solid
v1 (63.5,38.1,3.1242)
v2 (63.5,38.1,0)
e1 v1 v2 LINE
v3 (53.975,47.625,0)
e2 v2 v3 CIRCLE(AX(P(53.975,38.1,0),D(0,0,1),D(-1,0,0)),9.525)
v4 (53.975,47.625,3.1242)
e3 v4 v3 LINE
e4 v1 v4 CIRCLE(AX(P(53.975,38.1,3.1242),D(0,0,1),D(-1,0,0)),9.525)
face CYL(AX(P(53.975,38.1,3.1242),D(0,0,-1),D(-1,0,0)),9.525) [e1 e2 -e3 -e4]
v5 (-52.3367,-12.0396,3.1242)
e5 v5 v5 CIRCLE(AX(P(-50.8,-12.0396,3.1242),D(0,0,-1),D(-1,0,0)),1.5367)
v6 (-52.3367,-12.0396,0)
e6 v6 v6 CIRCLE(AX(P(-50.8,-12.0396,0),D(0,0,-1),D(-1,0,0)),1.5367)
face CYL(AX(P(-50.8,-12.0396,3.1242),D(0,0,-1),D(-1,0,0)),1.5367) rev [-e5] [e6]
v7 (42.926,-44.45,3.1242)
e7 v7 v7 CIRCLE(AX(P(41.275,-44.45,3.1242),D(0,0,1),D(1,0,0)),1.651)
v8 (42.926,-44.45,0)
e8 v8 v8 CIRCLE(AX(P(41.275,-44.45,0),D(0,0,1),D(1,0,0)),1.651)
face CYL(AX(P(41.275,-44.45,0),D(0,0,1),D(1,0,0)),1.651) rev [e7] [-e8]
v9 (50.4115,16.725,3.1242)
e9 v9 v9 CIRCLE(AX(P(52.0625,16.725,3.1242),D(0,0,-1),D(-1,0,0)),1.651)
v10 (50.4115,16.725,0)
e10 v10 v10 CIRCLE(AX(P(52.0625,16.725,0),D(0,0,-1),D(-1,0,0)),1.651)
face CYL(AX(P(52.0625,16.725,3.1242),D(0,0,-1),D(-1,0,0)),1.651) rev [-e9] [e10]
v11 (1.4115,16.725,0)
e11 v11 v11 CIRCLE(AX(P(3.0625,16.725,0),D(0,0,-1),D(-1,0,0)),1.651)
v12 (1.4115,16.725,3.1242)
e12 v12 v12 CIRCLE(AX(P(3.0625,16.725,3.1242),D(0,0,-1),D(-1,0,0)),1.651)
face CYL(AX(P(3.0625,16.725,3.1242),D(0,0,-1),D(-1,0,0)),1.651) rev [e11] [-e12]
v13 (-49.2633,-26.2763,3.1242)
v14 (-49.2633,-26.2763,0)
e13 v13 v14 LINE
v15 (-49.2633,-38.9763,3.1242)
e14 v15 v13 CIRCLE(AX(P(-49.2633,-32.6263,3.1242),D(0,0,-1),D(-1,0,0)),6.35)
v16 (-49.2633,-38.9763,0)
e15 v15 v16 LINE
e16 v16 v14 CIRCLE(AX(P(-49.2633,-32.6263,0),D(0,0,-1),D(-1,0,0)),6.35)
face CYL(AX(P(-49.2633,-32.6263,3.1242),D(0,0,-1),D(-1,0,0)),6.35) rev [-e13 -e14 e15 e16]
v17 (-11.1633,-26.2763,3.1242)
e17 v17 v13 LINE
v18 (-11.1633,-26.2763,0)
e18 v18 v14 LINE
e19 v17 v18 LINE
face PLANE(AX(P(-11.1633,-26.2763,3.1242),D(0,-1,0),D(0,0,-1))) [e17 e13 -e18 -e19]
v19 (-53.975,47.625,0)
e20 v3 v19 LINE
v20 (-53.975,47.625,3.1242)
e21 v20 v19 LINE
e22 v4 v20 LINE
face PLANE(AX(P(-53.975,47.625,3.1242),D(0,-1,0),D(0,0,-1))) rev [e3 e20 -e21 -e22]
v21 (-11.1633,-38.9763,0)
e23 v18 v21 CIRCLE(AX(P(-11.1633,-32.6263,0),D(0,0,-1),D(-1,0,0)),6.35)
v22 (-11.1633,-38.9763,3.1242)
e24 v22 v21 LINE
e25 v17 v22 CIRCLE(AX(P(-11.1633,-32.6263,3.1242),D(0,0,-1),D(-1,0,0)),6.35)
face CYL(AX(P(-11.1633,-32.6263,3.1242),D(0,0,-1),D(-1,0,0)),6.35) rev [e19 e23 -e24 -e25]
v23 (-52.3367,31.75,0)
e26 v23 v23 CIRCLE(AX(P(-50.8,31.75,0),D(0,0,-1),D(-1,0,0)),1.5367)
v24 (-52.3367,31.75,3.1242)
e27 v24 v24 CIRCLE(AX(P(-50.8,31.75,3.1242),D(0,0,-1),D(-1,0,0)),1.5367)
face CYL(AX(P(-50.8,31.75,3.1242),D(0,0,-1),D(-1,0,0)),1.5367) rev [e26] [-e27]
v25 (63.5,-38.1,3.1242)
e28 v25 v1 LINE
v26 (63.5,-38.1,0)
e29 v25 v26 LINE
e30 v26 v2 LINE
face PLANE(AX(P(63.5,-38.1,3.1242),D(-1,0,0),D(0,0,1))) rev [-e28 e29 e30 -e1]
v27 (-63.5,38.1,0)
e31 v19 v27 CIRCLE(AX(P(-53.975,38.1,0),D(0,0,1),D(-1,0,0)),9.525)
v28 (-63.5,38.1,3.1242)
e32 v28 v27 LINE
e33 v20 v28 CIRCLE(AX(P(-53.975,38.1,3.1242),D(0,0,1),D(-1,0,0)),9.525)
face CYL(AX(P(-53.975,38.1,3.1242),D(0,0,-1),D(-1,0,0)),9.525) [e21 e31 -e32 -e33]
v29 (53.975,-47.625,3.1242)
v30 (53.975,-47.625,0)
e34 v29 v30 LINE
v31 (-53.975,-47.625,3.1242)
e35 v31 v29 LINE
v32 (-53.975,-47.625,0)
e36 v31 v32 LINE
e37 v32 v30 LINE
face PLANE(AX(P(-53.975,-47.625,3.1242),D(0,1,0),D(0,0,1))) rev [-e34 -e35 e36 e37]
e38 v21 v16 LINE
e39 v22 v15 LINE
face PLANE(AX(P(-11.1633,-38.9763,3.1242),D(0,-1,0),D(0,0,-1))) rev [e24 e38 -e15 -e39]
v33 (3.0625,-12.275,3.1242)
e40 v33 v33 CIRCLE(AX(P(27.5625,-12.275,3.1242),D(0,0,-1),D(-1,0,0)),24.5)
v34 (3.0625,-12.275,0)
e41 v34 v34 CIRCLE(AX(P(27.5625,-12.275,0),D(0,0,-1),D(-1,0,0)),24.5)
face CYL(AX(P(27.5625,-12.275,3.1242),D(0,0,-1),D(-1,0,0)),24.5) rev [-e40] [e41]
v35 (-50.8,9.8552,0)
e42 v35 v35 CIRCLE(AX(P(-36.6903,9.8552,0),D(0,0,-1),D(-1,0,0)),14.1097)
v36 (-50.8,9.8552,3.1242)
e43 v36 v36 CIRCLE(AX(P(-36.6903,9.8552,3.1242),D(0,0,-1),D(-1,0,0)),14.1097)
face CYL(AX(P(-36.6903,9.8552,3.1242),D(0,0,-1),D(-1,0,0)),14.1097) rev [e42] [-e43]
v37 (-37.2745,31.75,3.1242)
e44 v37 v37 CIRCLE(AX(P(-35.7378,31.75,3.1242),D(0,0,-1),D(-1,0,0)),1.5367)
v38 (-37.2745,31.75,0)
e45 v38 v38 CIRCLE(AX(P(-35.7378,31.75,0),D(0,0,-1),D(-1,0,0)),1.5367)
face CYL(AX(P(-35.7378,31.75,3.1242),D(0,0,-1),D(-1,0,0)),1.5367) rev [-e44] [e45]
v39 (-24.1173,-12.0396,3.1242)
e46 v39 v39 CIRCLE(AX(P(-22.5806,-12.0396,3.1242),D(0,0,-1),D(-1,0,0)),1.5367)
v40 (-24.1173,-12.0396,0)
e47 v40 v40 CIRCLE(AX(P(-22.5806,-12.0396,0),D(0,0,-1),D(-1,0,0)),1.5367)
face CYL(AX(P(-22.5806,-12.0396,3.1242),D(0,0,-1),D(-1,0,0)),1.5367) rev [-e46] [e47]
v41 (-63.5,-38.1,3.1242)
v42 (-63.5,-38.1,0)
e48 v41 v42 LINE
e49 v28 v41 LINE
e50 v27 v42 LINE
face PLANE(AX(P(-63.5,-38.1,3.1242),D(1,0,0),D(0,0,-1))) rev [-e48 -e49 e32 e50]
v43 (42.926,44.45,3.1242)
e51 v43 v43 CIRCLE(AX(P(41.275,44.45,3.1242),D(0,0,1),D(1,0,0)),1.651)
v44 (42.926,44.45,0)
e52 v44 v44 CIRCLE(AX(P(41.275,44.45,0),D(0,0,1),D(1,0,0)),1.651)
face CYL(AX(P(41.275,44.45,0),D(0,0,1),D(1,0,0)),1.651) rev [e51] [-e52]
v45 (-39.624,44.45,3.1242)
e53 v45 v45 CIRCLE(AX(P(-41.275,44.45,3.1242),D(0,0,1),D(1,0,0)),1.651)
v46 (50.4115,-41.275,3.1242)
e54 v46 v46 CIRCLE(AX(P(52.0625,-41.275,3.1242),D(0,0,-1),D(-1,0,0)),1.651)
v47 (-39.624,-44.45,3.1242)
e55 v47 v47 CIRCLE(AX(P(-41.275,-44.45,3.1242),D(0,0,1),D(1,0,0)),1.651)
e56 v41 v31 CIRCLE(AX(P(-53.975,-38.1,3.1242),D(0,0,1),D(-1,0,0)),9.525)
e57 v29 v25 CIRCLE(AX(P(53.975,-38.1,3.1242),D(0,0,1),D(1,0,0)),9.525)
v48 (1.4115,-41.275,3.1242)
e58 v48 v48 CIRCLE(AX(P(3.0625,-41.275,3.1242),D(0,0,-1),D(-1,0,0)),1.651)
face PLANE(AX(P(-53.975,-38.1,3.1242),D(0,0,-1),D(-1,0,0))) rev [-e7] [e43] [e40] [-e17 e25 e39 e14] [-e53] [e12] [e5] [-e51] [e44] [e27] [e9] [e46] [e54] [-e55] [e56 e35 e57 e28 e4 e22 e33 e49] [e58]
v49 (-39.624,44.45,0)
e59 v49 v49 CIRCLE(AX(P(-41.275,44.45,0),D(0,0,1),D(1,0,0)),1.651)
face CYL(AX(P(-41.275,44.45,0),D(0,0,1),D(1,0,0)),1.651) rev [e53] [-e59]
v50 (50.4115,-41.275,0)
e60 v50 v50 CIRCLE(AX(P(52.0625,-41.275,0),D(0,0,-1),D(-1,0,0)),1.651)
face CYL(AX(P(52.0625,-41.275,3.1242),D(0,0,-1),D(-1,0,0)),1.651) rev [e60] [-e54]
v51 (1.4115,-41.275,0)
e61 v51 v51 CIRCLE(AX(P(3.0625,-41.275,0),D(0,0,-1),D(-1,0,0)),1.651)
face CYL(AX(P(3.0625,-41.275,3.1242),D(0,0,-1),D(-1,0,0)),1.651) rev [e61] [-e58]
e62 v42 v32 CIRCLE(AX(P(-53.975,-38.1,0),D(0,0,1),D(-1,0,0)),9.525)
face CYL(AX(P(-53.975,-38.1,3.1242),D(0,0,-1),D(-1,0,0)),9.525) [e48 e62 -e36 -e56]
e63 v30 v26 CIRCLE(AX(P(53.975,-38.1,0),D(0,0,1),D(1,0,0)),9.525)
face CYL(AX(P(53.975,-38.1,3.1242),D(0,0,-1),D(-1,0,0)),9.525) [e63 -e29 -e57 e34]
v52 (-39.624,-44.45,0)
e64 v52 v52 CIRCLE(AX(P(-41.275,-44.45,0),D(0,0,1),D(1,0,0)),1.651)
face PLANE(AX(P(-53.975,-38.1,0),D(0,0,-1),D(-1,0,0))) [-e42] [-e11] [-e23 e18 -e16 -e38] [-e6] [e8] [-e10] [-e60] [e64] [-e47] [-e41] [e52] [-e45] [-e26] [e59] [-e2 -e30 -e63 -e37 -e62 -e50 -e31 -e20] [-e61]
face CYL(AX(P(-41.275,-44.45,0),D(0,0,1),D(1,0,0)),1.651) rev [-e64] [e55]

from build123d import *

# Parameters (mm, degrees)
SALIENTE_EXTRUIR1_DEPTH = 3.1242
CROQUIS2_R              = 1.651
CORTAR_EXTRUIR1_DEPTH   = 4.1242
CROQUIS3_R              = 1.651
CORTAR_EXTRUIR2_DEPTH   = 3.1242
CROQUIS4_R              = 14.1097
CROQUIS4_R_2            = 1.5367
CORTAR_EXTRUIR3_DEPTH   = 4.1242


with BuildPart() as part:
    # Croquis1 → Saliente-Extruir1 (new body)
    with BuildSketch(Plane.XY):
        with BuildLine():
            Line((-53.975, -47.625), (53.975, -47.625))
            ThreePointArc((53.975, -47.625), (60.710192091, -44.835192091), (63.5, -38.1))
            Line((63.5, -38.1), (63.5, 38.1))
            ThreePointArc((63.5, 38.1), (60.710192091, 44.835192091), (53.975, 47.625))
            Line((53.975, 47.625), (-53.975, 47.625))
            ThreePointArc((-53.975, 47.625), (-60.710192091, 44.835192091), (-63.5, 38.1))
            Line((-63.5, 38.1), (-63.5, -38.1))
            ThreePointArc((-63.5, -38.1), (-60.710192091, -44.835192091), (-53.975, -47.625))
        make_face()
    extrude(amount=SALIENTE_EXTRUIR1_DEPTH)

    # Croquis2 → Cortar-Extruir1 (cut, through all)
    with BuildSketch(Plane.XY.offset(3.1242)):
        with Locations((-41.275, 44.45)):
            Circle(CROQUIS2_R)
        with Locations((41.275, 44.45)):
            Circle(CROQUIS2_R)
        with Locations((41.275, -44.45)):
            Circle(CROQUIS2_R)
        with Locations((-41.275, -44.45)):
            Circle(CROQUIS2_R)
    extrude(amount=-CORTAR_EXTRUIR1_DEPTH, mode=Mode.SUBTRACT)

    # Croquis3 → Cortar-Extruir2 (cut)
    with BuildSketch(Plane(origin=(0, 0, 0), x_dir=(-1, 0, 0), z_dir=(0, 0, -1))):
        with BuildLine():
            ThreePointArc((-27.5625, 12.225), (-44.886616139, 5.049116139), (-52.0625, -12.275))
            Line((-52.0625, -12.275), (-27.5625, -12.275))
            Line((-27.5625, -12.275), (-27.5625, 12.225))
        make_face()
        with BuildLine():
            Line((-27.5625, -12.275), (-52.0625, -12.275))
            ThreePointArc((-52.0625, -12.275), (-44.886616139, -29.599116139), (-27.5625, -36.775))
            Line((-27.5625, -36.775), (-27.5625, -12.275))
        make_face()
        with BuildLine():
            Line((-27.5625, 12.225), (-27.5625, -12.275))
            Line((-27.5625, -12.275), (-3.0625, -12.275))
            ThreePointArc((-3.0625, -12.275), (-10.238383861, 5.049116139), (-27.5625, 12.225))
        make_face()
        with BuildLine():
            Line((-3.0625, -12.275), (-27.5625, -12.275))
            Line((-27.5625, -12.275), (-27.5625, -36.775))
            ThreePointArc((-27.5625, -36.775), (-10.238383861, -29.599116139), (-3.0625, -12.275))
        make_face()
        with Locations((-3.0625, 16.725)):
            Circle(CROQUIS3_R)
        with Locations((-52.0625, 16.725)):
            Circle(CROQUIS3_R)
        with Locations((-52.0625, -41.275)):
            Circle(CROQUIS3_R)
        with Locations((-3.0625, -41.275)):
            Circle(CROQUIS3_R)
    extrude(amount=-CORTAR_EXTRUIR2_DEPTH, mode=Mode.SUBTRACT)

    # Croquis4 → Cortar-Extruir3 (cut, through all)
    with BuildSketch(Plane(origin=(0, 0, 0), x_dir=(-1, 0, 0), z_dir=(0, 0, -1))):
        with Locations((36.6903, 9.8552)):
            Circle(CROQUIS4_R)
        with Locations((35.7378, 31.75)):
            Circle(CROQUIS4_R_2)
        with Locations((50.8, 31.75)):
            Circle(CROQUIS4_R_2)
        with Locations((50.8, -12.0396)):
            Circle(CROQUIS4_R_2)
        with Locations((22.5806, -12.0396)):
            Circle(CROQUIS4_R_2)
        with BuildLine():
            Line((11.1633, -26.2763), (49.2633, -26.2763))
            ThreePointArc((49.2633, -26.2763), (55.6133, -32.6263), (49.2633, -38.9763))
            Line((49.2633, -38.9763), (11.1633, -38.9763))
            ThreePointArc((11.1633, -38.9763), (4.8133, -32.6263), (11.1633, -26.2763))
        make_face()
    extrude(amount=-CORTAR_EXTRUIR3_DEPTH, mode=Mode.SUBTRACT)


solid = part.part
